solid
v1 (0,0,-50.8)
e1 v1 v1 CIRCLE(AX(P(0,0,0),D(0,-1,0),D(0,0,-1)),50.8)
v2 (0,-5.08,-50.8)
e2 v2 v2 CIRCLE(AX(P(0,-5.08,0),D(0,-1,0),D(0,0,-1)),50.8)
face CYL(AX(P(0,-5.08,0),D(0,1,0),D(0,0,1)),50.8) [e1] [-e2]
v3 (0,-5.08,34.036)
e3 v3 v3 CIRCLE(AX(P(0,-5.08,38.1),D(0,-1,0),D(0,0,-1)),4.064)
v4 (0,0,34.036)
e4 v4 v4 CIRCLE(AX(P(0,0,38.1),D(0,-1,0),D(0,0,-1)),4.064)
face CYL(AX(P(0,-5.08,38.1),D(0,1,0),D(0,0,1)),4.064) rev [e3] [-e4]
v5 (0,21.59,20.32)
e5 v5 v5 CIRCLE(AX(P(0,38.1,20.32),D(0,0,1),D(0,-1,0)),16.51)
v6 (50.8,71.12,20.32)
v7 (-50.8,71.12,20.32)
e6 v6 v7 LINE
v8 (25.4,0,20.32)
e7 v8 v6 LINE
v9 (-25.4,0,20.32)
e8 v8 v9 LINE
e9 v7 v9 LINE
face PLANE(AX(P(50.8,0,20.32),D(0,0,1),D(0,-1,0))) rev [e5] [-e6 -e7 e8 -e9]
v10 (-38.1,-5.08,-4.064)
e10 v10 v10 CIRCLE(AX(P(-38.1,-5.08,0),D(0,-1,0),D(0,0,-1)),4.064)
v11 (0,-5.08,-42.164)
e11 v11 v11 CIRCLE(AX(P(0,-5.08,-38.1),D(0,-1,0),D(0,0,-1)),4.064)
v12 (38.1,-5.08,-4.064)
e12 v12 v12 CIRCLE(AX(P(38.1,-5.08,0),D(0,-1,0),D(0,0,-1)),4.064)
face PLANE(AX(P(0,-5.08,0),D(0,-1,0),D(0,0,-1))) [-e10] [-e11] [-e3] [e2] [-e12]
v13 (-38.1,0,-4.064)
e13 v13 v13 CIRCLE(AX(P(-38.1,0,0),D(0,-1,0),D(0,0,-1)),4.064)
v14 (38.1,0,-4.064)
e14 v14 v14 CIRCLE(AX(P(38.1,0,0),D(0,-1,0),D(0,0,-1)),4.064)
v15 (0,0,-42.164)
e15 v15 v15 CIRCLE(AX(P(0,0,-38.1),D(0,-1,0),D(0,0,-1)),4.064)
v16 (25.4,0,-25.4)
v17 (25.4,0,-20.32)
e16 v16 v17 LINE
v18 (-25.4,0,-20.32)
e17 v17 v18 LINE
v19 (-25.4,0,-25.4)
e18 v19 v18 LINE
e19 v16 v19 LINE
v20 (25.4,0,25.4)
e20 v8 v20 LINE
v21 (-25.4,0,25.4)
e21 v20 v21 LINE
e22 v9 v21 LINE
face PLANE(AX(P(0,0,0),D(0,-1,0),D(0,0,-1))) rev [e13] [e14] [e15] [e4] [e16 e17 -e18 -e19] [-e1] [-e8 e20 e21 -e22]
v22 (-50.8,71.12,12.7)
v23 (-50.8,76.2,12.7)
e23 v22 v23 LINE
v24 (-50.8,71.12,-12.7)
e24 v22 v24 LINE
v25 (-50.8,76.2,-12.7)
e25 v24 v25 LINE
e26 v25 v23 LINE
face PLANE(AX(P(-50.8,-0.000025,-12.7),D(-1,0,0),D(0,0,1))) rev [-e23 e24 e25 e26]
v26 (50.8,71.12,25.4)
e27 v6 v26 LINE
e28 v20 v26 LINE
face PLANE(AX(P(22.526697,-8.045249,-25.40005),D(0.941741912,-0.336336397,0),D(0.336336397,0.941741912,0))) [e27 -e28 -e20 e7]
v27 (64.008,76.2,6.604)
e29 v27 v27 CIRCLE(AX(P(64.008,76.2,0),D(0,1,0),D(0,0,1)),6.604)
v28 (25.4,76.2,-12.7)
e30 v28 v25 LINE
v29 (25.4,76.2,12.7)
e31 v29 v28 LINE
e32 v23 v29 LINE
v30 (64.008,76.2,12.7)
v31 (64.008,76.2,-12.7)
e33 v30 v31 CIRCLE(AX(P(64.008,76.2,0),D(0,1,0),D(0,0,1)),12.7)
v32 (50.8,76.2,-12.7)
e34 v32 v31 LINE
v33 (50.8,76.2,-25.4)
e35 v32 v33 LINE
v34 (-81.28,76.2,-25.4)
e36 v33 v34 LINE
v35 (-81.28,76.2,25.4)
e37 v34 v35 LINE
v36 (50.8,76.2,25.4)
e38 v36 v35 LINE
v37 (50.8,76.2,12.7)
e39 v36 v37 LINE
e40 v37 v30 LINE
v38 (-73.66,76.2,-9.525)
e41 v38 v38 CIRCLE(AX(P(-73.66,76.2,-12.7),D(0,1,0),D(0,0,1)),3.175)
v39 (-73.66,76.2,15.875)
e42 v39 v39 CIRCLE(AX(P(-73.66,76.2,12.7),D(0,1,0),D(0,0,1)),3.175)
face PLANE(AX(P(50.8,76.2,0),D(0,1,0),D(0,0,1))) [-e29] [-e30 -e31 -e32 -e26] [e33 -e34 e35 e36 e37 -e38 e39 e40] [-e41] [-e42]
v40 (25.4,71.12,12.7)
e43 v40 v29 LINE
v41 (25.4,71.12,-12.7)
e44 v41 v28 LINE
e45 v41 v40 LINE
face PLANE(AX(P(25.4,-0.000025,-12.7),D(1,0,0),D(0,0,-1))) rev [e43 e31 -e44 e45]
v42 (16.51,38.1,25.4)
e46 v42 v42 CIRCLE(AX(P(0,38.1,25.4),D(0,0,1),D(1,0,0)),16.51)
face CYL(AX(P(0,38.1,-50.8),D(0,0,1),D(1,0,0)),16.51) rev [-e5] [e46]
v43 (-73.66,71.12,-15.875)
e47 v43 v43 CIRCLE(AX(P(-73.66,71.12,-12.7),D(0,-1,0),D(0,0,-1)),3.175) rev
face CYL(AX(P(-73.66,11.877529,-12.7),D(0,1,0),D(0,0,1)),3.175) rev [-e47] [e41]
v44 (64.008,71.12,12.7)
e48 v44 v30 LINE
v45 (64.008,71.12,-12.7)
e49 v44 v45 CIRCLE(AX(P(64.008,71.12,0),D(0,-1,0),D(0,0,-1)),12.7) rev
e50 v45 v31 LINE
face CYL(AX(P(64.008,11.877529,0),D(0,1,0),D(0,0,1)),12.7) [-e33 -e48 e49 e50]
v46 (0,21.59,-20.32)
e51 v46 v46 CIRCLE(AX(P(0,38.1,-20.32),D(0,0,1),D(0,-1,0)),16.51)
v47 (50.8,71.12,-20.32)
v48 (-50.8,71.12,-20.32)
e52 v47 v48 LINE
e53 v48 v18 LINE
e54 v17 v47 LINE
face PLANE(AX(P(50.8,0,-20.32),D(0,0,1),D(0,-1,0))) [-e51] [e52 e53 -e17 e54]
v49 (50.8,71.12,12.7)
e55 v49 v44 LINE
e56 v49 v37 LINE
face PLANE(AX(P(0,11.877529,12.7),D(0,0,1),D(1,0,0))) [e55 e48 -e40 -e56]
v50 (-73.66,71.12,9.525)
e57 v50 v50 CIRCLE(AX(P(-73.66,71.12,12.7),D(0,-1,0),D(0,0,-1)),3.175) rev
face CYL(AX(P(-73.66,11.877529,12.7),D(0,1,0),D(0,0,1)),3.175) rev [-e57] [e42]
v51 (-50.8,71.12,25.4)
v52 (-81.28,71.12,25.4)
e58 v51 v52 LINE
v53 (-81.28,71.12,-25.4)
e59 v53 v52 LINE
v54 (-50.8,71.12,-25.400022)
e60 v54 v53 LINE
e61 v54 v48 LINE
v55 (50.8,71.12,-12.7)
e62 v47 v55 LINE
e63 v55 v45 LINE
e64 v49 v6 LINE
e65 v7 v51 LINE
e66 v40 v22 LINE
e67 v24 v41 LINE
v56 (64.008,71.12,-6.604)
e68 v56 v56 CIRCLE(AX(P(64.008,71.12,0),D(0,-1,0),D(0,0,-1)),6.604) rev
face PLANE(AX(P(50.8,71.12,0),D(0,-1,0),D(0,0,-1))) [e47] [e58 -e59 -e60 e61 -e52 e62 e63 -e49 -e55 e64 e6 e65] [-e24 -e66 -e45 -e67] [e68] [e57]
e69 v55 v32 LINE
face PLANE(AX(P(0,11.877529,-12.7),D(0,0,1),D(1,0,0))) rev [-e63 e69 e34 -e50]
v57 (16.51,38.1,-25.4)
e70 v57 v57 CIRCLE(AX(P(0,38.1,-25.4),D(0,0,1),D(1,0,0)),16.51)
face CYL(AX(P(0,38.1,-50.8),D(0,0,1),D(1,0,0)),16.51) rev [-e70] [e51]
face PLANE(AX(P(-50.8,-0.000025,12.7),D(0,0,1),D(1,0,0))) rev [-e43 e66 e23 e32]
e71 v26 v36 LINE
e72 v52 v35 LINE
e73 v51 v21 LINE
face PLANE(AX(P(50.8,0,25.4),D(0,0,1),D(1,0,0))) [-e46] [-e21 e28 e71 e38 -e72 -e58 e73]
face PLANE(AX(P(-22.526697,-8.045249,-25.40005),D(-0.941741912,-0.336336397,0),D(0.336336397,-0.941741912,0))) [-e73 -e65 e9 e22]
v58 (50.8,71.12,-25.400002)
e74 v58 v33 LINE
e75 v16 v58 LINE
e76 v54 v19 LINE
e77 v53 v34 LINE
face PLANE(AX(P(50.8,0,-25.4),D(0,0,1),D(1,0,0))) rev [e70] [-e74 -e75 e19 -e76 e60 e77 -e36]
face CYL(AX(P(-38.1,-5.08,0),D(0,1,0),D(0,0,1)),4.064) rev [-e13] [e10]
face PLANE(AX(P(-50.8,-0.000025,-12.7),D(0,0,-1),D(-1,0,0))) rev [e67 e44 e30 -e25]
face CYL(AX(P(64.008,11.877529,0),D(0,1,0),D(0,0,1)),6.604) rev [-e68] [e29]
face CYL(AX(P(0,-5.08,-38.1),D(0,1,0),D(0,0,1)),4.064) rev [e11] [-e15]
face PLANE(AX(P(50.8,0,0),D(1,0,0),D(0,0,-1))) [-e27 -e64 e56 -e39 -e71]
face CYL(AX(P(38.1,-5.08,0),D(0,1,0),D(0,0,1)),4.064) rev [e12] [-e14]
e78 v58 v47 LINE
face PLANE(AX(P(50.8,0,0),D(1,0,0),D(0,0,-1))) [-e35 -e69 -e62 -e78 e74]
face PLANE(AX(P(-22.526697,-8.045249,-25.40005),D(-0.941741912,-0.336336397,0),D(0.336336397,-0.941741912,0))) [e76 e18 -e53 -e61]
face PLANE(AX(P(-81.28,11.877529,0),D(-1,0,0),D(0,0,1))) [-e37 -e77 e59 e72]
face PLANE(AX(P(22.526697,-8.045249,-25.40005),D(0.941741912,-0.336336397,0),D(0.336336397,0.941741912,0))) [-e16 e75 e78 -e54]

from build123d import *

# Parameters (mm, degrees)
BOSS_EXTRUDE1_DEPTH = 50.8
SKETCH2_W           = 30.48
SKETCH2_H           = 50.8
SKETCH2_R           = 3.175
SKETCH2_R_2         = 6.604
BOSS_EXTRUDE2_DEPTH = 5.08
SKETCH3_W           = 76.2
SKETCH3_H           = 25.4
CUT_EXTRUDE1_DEPTH  = 77.2
CUT_EXTRUDE2_DEPTH  = 51.8
BOSS_EXTRUDE3_DEPTH = 5.08
SKETCH6_R           = 16.51
CUT_EXTRUDE3_DEPTH  = 77.2


with BuildPart() as part:
    # Sketch1 → Boss-Extrude1 (new body, symmetric)
    with BuildSketch(Plane(origin=(0, 0, 0), x_dir=(0, 0, -1), z_dir=(1, 0, 0))):
        Polygon((-25.4, 0), (-20.32, 0), (-20.32, 71.12), (0, 71.12), (0, 76.2), (-25.4, 76.2), (-25.4, 71.12), align=None)
        Polygon((0, 76.2), (0, 71.12), (20.32, 71.12), (20.32, 0), (25.4, 0), (25.4, 71.12), (25.4, 76.2), align=None)
    extrude(amount=BOSS_EXTRUDE1_DEPTH, both=True)

    # Sketch2 → Boss-Extrude2 (add)
    with BuildSketch(Plane(origin=(0, 76.2, 0), x_dir=(1, 0, 0), z_dir=(0, 1, 0))):
        with Locations((-66.04, 0)):
            Rectangle(SKETCH2_W, SKETCH2_H)
        with Locations((-73.66, -12.7)):
            Circle(SKETCH2_R, mode=Mode.SUBTRACT)
        with Locations((-73.66, 12.7)):
            Circle(SKETCH2_R, mode=Mode.SUBTRACT)
        with BuildLine():
            Line((64.008, 12.7), (50.8, 12.7))
            Line((50.8, 12.7), (50.8, -12.7))
            Line((50.8, -12.7), (64.008, -12.7))
            ThreePointArc((64.008, -12.7), (76.708, 0), (64.008, 12.7))
        make_face()
        with Locations((64.008, 0)):
            Circle(SKETCH2_R_2, mode=Mode.SUBTRACT)
    extrude(amount=-BOSS_EXTRUDE2_DEPTH)

    # Sketch3 → Cut-Extrude1 (cut, through all)
    with BuildSketch(Plane(origin=(0, 76.2, 0), x_dir=(1, 0, 0), z_dir=(0, 1, 0))):
        with Locations((-12.7, 0)):
            Rectangle(SKETCH3_W, SKETCH3_H)
    extrude(amount=-CUT_EXTRUDE1_DEPTH, mode=Mode.SUBTRACT)

    # Sketch5 → Cut-Extrude2 (cut, through all)
    with BuildSketch(Plane.XY.offset(25.4)):
        Polygon((-25.4, 0), (-50.8, 71.12), (-50.8, 0), align=None)
        Polygon((50.8, 71.12), (25.4, 0), (50.8, 0), align=None)
    extrude(amount=-CUT_EXTRUDE2_DEPTH, mode=Mode.SUBTRACT)

    # Sketch4 → Boss-Extrude3 (add)
    with BuildSketch(Plane(origin=(0, 0, 0), x_dir=(-1, 0, 0), z_dir=(0, -1, 0))):
        with BuildLine():
            Line((-28.398063314, -25.4), (-43.994090512, -25.4))
            ThreePointArc((-43.994090512, -25.4), (0, -50.8), (43.994090512, -25.4))
            Line((43.994090512, -25.4), (28.398063314, -25.4))
            ThreePointArc((28.398063314, -25.4), (17.387076227, -33.901321217), (4.058215973, -37.883253333))
            ThreePointArc((4.058215973, -37.883253333), (4.062553736, -37.991588086), (4.064, -38.1))
            ThreePointArc((4.064, -38.1), (-0.108411914, -42.162553736), (-4.058215973, -37.883253333))
            ThreePointArc((-4.058215973, -37.883253333), (-17.387076227, -33.901321217), (-28.398063314, -25.4))
        make_face()
        with BuildLine():
            ThreePointArc((46.558969061, -20.32), (49.728440697, -10.378929899), (50.8, 0))
            ThreePointArc((50.8, 0), (-10.378929899, 49.728440697), (-46.558969061, -20.32))
            Line((-46.558969061, -20.32), (-32.228986953, -20.32))
            ThreePointArc((-32.228986953, -20.32), (-35.986705384, -12.512674997), (-37.883253333, -4.058215973))
            ThreePointArc((-37.883253333, -4.058215973), (-42.164, 0), (-37.883253333, 4.058215973))
            ThreePointArc((-37.883253333, 4.058215973), (-26.940768363, 26.940768363), (-4.058215973, 37.883253333))
            ThreePointArc((-4.058215973, 37.883253333), (-0.108411914, 42.162553736), (4.064, 38.1))
            ThreePointArc((4.064, 38.1), (4.062553736, 37.991588086), (4.058215973, 37.883253333))
            ThreePointArc((4.058215973, 37.883253333), (26.940768363, 26.940768363), (37.883253333, 4.058215973))
            ThreePointArc((37.883253333, 4.058215973), (40.896000496, 2.949318095), (42.164, 0))
            ThreePointArc((42.164, 0), (40.896000496, -2.949318095), (37.883253333, -4.058215973))
            ThreePointArc((37.883253333, -4.058215973), (35.986705384, -12.512674997), (32.228986953, -20.32))
            Line((32.228986953, -20.32), (46.558969061, -20.32))
        make_face()
        with BuildLine():
            ThreePointArc((-37.883253333, -4.058215973), (-35.986705384, -12.512674997), (-32.228986953, -20.32))
            Line((-32.228986953, -20.32), (32.228986953, -20.32))
            ThreePointArc((32.228986953, -20.32), (35.986705384, -12.512674997), (37.883253333, -4.058215973))
            ThreePointArc((37.883253333, -4.058215973), (34.036, 0), (37.883253333, 4.058215973))
            ThreePointArc((37.883253333, 4.058215973), (26.940768363, 26.940768363), (4.058215973, 37.883253333))
            ThreePointArc((4.058215973, 37.883253333), (0, 34.036), (-4.058215973, 37.883253333))
            ThreePointArc((-4.058215973, 37.883253333), (-26.940768363, 26.940768363), (-37.883253333, 4.058215973))
            ThreePointArc((-37.883253333, 4.058215973), (-35.150681905, 2.796000496), (-34.036, 0))
            ThreePointArc((-34.036, 0), (-35.150681905, -2.796000496), (-37.883253333, -4.058215973))
        make_face()
        with BuildLine():
            Line((-32.228986953, -20.32), (-46.558969061, -20.32))
            ThreePointArc((-46.558969061, -20.32), (-45.347720444, -22.895943975), (-43.994090512, -25.4))
            Line((-43.994090512, -25.4), (-28.398063314, -25.4))
            ThreePointArc((-28.398063314, -25.4), (-30.41975355, -22.940108848), (-32.228986953, -20.32))
        make_face()
        with BuildLine():
            ThreePointArc((43.994090512, -25.4), (45.347720444, -22.895943975), (46.558969061, -20.32))
            Line((46.558969061, -20.32), (32.228986953, -20.32))
            ThreePointArc((32.228986953, -20.32), (30.41975355, -22.940108848), (28.398063314, -25.4))
            Line((28.398063314, -25.4), (43.994090512, -25.4))
        make_face()
        with BuildLine():
            Line((28.398063314, -25.4), (-28.398063314, -25.4))
            ThreePointArc((-28.398063314, -25.4), (-17.387076227, -33.901321217), (-4.058215973, -37.883253333))
            ThreePointArc((-4.058215973, -37.883253333), (0, -34.036), (4.058215973, -37.883253333))
            ThreePointArc((4.058215973, -37.883253333), (17.387076227, -33.901321217), (28.398063314, -25.4))
        make_face()
        with BuildLine():
            Line((32.228986953, -20.32), (-32.228986953, -20.32))
            ThreePointArc((-32.228986953, -20.32), (-30.41975355, -22.940108848), (-28.398063314, -25.4))
            Line((-28.398063314, -25.4), (28.398063314, -25.4))
            ThreePointArc((28.398063314, -25.4), (30.41975355, -22.940108848), (32.228986953, -20.32))
        make_face()
    extrude(amount=BOSS_EXTRUDE3_DEPTH)

    # Sketch6 → Cut-Extrude3 (cut, through all)
    with BuildSketch(Plane.XY.offset(25.4)):
        with Locations((0, 38.1)):
            Circle(SKETCH6_R)
    extrude(amount=-CUT_EXTRUDE3_DEPTH, mode=Mode.SUBTRACT)


solid = part.part
